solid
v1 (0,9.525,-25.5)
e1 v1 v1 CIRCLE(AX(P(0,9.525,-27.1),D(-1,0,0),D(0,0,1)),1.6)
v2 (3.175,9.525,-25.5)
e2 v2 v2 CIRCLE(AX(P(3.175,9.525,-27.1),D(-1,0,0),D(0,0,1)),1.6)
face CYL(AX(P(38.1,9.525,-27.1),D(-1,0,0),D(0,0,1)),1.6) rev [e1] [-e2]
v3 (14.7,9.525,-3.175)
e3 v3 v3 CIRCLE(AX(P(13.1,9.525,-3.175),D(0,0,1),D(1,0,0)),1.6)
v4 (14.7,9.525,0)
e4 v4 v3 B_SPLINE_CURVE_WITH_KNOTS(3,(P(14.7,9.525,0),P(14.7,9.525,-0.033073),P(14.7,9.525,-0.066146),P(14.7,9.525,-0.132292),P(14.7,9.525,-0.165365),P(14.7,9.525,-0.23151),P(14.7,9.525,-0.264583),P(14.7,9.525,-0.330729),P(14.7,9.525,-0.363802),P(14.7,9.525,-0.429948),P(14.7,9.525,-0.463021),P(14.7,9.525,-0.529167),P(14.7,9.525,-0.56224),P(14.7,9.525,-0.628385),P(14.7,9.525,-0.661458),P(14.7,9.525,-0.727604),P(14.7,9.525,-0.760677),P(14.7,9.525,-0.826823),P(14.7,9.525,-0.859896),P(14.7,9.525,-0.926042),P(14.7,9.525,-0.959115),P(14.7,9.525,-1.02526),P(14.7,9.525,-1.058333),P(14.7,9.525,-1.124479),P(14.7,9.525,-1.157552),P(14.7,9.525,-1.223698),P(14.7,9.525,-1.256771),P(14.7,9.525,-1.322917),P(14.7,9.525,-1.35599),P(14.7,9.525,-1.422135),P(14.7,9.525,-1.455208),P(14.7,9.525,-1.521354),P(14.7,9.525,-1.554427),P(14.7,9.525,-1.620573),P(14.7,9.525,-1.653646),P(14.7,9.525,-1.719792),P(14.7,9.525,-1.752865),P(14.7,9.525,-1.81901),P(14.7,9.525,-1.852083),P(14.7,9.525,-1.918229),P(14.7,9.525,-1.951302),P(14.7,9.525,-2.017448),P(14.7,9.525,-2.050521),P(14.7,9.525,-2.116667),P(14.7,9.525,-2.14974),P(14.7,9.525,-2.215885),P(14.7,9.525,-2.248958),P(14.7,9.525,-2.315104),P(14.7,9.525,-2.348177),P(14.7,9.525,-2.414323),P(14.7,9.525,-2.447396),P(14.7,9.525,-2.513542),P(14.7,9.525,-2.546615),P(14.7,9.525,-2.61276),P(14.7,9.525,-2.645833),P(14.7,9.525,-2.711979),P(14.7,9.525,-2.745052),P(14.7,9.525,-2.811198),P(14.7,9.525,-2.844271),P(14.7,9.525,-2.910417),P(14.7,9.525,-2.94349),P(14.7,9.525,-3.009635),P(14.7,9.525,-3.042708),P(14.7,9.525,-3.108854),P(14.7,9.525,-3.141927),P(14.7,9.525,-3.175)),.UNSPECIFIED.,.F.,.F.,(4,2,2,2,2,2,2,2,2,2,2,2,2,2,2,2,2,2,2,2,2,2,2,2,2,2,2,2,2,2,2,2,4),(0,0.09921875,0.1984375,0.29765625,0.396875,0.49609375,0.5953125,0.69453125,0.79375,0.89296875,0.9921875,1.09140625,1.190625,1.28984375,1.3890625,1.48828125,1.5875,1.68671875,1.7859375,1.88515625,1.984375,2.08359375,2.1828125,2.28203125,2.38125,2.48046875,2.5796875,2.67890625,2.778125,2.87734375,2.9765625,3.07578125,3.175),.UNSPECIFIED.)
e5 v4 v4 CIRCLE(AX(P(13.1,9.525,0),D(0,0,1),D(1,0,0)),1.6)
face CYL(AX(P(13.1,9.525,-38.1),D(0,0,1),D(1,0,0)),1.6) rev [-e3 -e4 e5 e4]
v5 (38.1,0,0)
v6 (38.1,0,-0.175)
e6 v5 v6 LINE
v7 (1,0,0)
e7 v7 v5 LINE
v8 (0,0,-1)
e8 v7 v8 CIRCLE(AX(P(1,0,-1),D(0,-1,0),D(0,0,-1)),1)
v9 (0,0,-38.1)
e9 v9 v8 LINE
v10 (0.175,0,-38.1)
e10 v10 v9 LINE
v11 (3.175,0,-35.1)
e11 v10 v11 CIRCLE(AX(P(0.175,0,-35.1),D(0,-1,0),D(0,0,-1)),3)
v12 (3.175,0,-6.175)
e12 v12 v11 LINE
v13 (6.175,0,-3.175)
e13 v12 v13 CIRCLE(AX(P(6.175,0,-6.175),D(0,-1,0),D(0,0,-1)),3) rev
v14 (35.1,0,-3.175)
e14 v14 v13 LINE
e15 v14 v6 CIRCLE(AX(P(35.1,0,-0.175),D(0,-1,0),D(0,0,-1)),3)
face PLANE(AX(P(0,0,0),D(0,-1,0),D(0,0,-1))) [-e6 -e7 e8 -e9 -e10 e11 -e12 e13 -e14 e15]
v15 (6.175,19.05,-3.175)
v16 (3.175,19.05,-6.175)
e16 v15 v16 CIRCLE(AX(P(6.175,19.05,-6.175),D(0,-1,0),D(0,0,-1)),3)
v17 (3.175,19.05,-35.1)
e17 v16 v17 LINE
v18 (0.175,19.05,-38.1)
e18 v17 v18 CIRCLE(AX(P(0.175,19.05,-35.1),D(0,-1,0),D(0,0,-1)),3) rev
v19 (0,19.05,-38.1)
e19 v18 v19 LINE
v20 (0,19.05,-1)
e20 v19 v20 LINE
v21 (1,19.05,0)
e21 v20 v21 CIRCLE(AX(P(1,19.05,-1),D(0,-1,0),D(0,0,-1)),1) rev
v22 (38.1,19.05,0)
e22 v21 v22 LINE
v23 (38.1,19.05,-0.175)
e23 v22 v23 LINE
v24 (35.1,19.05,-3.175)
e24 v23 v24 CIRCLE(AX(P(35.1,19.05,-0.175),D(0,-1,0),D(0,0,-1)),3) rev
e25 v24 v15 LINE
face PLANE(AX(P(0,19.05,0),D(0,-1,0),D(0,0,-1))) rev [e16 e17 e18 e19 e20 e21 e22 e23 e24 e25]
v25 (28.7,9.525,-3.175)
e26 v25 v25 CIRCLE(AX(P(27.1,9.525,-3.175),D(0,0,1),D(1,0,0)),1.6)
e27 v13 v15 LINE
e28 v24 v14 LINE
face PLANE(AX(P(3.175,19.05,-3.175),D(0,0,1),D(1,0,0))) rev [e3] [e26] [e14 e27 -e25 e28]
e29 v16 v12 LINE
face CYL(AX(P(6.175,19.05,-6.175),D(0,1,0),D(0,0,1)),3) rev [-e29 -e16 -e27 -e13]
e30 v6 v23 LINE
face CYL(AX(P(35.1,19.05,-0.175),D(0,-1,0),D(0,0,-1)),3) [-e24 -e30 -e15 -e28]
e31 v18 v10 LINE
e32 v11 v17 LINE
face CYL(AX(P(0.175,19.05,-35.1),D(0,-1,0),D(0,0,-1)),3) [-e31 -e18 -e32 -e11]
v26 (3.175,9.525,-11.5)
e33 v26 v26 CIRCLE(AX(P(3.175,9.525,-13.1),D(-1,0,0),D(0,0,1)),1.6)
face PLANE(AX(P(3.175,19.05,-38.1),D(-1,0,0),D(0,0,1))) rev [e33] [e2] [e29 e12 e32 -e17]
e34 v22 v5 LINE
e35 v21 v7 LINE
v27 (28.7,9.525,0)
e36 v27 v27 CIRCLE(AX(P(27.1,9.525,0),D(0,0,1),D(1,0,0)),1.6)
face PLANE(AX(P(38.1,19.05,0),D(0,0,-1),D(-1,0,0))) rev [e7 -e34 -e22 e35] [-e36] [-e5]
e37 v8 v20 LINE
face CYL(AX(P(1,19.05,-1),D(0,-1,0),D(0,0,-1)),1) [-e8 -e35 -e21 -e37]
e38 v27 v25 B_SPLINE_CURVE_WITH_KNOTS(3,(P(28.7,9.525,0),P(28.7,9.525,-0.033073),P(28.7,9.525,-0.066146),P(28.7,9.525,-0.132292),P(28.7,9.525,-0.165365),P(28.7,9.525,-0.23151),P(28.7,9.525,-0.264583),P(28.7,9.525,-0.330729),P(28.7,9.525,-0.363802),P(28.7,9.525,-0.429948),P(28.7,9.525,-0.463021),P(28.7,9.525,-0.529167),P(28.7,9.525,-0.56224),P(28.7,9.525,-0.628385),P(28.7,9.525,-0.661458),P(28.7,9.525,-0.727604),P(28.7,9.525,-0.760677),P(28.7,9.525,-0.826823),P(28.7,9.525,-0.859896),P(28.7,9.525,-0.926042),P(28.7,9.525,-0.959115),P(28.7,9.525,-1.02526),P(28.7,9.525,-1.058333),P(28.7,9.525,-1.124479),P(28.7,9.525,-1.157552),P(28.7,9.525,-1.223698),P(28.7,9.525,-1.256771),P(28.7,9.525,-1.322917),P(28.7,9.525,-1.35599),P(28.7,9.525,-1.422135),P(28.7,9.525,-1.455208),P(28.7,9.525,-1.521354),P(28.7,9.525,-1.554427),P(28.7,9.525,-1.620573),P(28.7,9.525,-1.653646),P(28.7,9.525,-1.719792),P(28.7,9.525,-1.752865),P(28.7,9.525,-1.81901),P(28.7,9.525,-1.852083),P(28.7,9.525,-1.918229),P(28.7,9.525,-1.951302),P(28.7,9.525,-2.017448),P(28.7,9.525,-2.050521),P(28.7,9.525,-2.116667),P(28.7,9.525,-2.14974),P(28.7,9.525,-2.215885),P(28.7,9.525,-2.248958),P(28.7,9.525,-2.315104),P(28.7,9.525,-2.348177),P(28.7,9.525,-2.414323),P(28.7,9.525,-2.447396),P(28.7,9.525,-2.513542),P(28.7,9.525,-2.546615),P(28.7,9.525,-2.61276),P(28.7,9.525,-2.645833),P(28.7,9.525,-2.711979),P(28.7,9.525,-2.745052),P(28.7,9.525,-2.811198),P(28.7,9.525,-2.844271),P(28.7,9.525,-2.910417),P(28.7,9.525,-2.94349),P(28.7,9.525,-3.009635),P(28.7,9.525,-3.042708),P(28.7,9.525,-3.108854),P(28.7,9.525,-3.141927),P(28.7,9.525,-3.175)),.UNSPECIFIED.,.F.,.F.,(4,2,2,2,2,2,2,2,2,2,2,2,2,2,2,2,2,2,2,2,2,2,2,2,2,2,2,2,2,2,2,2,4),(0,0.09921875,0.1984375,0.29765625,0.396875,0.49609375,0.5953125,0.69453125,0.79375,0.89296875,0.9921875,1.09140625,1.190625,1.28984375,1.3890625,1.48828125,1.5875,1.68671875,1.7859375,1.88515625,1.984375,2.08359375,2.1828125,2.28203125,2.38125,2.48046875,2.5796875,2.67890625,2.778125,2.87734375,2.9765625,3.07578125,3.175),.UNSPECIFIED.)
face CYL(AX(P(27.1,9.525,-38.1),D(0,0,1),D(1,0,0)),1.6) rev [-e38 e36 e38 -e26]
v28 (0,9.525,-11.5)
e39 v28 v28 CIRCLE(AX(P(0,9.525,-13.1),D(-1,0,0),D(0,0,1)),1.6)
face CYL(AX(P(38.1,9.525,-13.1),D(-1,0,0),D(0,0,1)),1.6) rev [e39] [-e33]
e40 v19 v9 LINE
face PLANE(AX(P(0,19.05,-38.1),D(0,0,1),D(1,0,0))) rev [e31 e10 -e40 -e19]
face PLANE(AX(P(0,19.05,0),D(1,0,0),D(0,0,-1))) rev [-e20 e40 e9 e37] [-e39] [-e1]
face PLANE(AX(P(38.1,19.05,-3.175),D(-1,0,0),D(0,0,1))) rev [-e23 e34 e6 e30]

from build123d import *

# Parameters (mm, degrees)
BOSS_EXTRUDE1_DEPTH = 19.05
FILLET1_R           = 3
FILLET2_R           = 1
SKETCH2_R           = 1.6
CUT_EXTRUDE1_DEPTH  = 58.15
SKETCH3_R           = 1.6
CUT_EXTRUDE2_DEPTH  = 58.15


with BuildPart() as part:
    # Sketch1 → Boss-Extrude1 (new body)
    with BuildSketch(Plane(origin=(0, 0, 0), x_dir=(1, 0, 0), z_dir=(0, 1, 0))):
        Polygon((0, 0), (0, 38.1), (3.175, 38.1), (3.175, 3.175), (38.1, 3.175), (38.1, 0), align=None)
    extrude(amount=BOSS_EXTRUDE1_DEPTH)

    # Fillet1
    fillet1_edges = [part.edges().sort_by_distance(p)[0] for p in [
        (3.175, 9.525, -38.1),
        (3.175, 9.525, -3.175),
        (38.1, 9.525, -3.175),
    ]]
    fillet(fillet1_edges, radius=FILLET1_R)

    # Fillet2
    fillet2_edges = [part.edges().sort_by_distance(p)[0] for p in [
        (0, 9.525, 0),
    ]]
    fillet(fillet2_edges, radius=FILLET2_R)

    # Sketch2 → Cut-Extrude1 (cut, through all)
    with BuildSketch(Plane.XY):
        with Locations((13.1, 9.525)):
            Circle(SKETCH2_R)
        with Locations((27.1, 9.525)):
            Circle(SKETCH2_R)
    extrude(amount=-CUT_EXTRUDE1_DEPTH, mode=Mode.SUBTRACT)

    # Sketch3 → Cut-Extrude2 (cut, through all)
    with BuildSketch(Plane.ZY):
        with Locations((-27.1, 9.525)):
            Circle(SKETCH3_R)
        with Locations((-13.1, 9.525)):
            Circle(SKETCH3_R)
    extrude(amount=-CUT_EXTRUDE2_DEPTH, mode=Mode.SUBTRACT)


solid = part.part
